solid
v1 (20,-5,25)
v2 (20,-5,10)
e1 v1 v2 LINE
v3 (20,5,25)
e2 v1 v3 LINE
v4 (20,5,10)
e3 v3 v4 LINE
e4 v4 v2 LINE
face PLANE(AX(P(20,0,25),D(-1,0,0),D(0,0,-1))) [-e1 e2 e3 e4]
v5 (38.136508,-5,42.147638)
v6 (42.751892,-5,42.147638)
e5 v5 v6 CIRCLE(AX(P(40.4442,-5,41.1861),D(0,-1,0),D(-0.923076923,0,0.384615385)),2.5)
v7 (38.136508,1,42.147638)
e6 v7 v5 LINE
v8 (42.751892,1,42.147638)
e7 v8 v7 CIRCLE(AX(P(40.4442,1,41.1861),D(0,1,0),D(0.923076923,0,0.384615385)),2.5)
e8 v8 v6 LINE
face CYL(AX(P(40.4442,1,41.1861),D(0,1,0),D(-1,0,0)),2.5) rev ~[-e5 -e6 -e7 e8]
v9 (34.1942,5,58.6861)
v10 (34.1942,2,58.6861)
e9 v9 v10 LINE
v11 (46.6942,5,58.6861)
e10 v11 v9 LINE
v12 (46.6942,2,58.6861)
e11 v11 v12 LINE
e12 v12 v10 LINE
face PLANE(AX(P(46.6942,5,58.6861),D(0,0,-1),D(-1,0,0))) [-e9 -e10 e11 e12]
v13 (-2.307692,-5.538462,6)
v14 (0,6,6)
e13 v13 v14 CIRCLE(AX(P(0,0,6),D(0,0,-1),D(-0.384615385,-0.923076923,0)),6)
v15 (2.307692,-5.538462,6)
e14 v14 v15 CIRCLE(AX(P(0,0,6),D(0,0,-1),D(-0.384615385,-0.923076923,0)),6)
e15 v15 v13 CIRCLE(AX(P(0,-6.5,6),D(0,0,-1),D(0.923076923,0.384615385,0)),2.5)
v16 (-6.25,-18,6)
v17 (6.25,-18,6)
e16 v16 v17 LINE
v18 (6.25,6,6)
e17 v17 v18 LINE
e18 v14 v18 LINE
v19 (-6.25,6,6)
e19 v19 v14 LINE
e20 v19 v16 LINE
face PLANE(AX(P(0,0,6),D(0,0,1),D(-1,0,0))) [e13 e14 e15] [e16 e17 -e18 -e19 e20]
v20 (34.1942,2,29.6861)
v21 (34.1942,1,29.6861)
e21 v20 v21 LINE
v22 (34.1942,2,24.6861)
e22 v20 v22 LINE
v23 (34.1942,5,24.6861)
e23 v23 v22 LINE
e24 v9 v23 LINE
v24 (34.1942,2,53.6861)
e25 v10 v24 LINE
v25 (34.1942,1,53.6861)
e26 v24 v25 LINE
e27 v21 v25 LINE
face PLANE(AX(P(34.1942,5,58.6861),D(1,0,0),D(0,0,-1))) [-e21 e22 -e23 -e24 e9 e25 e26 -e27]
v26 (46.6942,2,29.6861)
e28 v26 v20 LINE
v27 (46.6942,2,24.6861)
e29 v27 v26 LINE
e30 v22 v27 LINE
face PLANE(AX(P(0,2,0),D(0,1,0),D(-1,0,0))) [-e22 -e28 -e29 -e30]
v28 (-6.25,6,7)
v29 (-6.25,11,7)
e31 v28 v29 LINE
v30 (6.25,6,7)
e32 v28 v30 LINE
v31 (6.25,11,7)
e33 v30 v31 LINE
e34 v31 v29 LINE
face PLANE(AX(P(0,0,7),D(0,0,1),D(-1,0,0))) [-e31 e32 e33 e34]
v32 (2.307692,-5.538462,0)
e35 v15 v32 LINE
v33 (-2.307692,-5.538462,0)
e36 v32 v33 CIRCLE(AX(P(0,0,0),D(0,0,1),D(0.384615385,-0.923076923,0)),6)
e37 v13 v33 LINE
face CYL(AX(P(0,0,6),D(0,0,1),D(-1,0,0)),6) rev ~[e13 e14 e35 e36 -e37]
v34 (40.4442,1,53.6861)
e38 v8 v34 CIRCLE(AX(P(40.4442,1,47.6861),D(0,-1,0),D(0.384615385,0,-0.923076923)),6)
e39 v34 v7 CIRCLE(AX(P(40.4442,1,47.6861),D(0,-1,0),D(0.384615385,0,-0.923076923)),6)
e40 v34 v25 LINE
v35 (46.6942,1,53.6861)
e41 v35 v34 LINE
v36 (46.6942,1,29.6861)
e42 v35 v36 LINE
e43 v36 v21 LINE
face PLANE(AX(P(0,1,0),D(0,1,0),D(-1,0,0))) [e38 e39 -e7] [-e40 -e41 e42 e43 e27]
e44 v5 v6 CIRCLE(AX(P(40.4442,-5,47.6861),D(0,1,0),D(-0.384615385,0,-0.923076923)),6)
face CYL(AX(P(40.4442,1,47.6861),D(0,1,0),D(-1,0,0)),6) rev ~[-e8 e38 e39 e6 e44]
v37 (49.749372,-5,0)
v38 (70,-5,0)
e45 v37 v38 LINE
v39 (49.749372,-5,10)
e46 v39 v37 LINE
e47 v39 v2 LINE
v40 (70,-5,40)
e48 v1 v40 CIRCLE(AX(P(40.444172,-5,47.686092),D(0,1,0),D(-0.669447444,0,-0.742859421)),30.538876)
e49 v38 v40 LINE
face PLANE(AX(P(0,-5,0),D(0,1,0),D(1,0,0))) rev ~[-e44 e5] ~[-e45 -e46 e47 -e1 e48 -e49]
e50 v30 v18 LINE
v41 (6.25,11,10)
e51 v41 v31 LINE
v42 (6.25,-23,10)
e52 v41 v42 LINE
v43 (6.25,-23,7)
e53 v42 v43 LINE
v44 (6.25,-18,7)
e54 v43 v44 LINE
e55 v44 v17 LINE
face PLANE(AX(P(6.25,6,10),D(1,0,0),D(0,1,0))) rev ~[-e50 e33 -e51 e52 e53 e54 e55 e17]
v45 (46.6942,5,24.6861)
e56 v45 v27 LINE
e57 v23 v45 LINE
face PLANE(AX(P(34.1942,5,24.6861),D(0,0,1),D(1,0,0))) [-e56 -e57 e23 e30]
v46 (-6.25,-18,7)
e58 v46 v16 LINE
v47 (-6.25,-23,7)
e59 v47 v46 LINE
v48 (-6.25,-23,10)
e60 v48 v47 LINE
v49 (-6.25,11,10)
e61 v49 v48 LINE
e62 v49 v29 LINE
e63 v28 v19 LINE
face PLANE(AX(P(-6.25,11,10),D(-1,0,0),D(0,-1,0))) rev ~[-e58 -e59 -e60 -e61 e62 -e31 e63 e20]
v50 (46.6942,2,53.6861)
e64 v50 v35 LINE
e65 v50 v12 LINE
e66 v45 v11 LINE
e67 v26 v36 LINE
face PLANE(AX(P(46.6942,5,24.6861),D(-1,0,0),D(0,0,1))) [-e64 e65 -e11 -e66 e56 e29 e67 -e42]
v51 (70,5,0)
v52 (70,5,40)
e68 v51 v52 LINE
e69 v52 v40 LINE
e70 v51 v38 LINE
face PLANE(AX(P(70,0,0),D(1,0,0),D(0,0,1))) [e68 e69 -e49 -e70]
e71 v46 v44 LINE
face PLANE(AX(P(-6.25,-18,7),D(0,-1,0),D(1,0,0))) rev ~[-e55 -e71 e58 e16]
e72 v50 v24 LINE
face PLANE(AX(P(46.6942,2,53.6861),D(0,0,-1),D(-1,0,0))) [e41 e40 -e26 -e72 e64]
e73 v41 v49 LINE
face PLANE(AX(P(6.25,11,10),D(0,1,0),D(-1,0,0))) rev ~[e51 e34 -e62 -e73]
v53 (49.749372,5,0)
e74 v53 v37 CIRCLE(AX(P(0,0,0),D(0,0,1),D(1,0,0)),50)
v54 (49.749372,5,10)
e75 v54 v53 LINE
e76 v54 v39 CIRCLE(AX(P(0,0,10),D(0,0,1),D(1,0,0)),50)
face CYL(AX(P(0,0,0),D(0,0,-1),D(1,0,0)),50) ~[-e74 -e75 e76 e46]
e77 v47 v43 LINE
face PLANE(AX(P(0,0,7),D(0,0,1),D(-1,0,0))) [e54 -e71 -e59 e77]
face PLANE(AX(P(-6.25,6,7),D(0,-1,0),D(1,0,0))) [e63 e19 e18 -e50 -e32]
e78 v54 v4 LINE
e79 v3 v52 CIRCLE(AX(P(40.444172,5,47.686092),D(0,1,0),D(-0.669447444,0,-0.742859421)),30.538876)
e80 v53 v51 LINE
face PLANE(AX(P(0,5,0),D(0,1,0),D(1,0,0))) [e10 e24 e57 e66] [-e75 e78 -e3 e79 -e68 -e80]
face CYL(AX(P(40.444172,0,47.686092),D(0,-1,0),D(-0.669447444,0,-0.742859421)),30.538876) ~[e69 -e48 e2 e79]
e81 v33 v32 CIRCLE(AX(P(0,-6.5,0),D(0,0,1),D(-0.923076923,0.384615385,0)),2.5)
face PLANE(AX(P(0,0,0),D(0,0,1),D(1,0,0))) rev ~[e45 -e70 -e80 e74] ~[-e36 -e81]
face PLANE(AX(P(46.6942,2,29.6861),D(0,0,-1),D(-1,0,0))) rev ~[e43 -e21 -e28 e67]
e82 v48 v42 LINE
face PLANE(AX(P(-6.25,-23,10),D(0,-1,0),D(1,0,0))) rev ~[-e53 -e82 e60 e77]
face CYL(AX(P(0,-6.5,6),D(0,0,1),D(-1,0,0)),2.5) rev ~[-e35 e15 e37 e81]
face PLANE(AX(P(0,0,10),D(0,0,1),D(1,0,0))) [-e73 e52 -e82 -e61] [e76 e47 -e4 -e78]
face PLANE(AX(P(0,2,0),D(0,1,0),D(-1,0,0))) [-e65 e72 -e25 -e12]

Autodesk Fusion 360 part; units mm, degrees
sketch "Sketch1" plane through (0, 0, 0) normal (0, 0, 1) x (1, 0, 0)
  circle A0 centre (0, 0) radius 50
  dimension "d1" = 100
extrude "Extrude1" add sketch "Sketch1" along normal blind 10
sketch "Sketch2" plane through (0, 0, 10) normal (0, 0, 1) x (-1, 0, 0)
  circle A0 centre (0, 0) radius 50
  line L0 (-6.25, -11) -> (6.25, -11)
  line L1 (6.25, -11) -> (6.25, 23)
  line L2 (6.25, 23) -> (-6.25, 23)
  line L3 (-6.25, 23) -> (-6.25, -11)
  line L4 (-6.25, -11) -> (6.25, 23) construction
  line L5 (6.25, -11) -> (-6.25, 23) construction
  line L6 (6.25, -6) -> (-6.25, -6)
  line L7 (6.25, 18) -> (-6.25, 18)
  point P0 (0, 6)
  point P1 (0, 6)
  dimension "d4" = 6
  dimension "d5" = 12.5
  dimension "d6" = 34
  dimension "d7" = 5
  dimension "d8" = 5
extrude "Extrude2" cut sketch "Sketch2" against normal blind 3 contours L0 L1 L3 L6 | L1 L3 L6 L7 | L1 L2 L3 L7
sketch "Sketch3" plane through (0, 0, 7) normal (0, 0, 1) x (-1, 0, 0)
  line L0 (-6.25, 23) -> (-6.25, -11)
  line L1 (-6.25, -11) -> (6.25, -11)
  line L2 (6.25, -11) -> (6.25, 23)
  line L3 (6.25, 23) -> (-6.25, 23)
  line L4 (6.25, -6) -> (-6.25, -6)
  line L5 (6.25, 18) -> (-6.25, 18)
  dimension "d11" = 5
  dimension "d12" = 5
extrude "Extrude3" cut sketch "Sketch3" against normal blind 1 contours L0 L2 L4 L5
sketch "Sketch4" plane through (0, 0, 6) normal (0, 0, 1) x (-1, 0, 0)
  line L0 (6.25, -6) -> (6.25, 18)
  line L1 (6.25, 18) -> (-6.25, 18)
  line L2 (-6.25, 18) -> (-6.25, -6)
  line L3 (-6.25, -6) -> (6.25, -6)
  circle A0 centre (0, 0) radius 6
  circle A1 centre (0, 6.5) radius 2.5
  dimension "d15" = 12
  dimension "d16" = 5
  dimension "d17" = 6.5
extrude "Extrude4" cut sketch "Sketch4" against normal blind 6 contours A0 A1 | A0 A1 | A0 A1
sketch "Sketch5" plane through (0, 0, 7) normal (0, 0, 1) x (-1, 0, 0)
  line L0 (-6.25, 18) -> (6.25, 18)
  line L1 (6.25, 18) -> (6.25, 23)
  line L2 (6.25, 23) -> (-6.25, 23)
  line L3 (-6.25, 23) -> (-6.25, 18)
  circle A0 centre (0, 20.5) radius 1.25
  dimension "d20" = 2.5
  dimension "d21" = 2.5
sketch "Sketch6" plane through (0, 0, 7) normal (0, 0, 1) x (-1, 0, 0)
  line L0 (6.25, -6) -> (-6.25, -6)
  line L1 (-6.25, -6) -> (-6.25, -11)
  line L2 (-6.25, -11) -> (6.25, -11)
  line L3 (6.25, -11) -> (6.25, -6)
  circle A0 centre (0, -8.5) radius 1.25
  dimension "d22" = 2.5
  dimension "d23" = 2.5
extrude "Extrude5" cut sketch "Sketch6" along normal through all contours A0
extrude "Extrude6" cut sketch "Sketch5" along normal through all contours A0
thread "Thread1" thread offset 0 thread length 10
thread "Thread2" thread offset 0 thread length 10
sketch "Sketch7" plane through (0, 0, 0) normal (0, 1, 0) x (1, 0, 0)
  line L0 (20, 0) -> (70, 0)
  line L1 (70, 0) -> (70, -40)
  arc A0 (20, -25) -> (70, -40) centre (40.4442, -47.6861) ccw
  line L2 (20, -25) -> (20, 0)
  dimension "d30" = 50
  dimension "d31" = 40
  dimension "d32" = 20
extrude "Extrude7" add sketch "Sketch7" along normal mid plane 10
sketch "Sketch8" plane through (0, 5, 0) normal (0, 1, 0) x (-1, 0, 0)
  line L0 (-49.7494, 10) -> (-20, 10)
  line L1 (-20, 10) -> (-20, 25)
  arc A0 (-20, 25) -> (-70, 40) centre (-40.4442, 47.6861) ccw
  line L2 (-70, 40) -> (-70, 0)
  line L3 (-70, 0) -> (-49.7494, 0)
  line L4 (-49.7494, 0) -> (-49.7494, 10)
  line L5 (-34.1942, 24.6861) -> (-46.6942, 24.6861)
  line L6 (-46.6942, 24.6861) -> (-46.6942, 58.6861)
  line L7 (-46.6942, 58.6861) -> (-34.1942, 58.6861)
  line L8 (-34.1942, 58.6861) -> (-34.1942, 24.6861)
  line L9 (-34.1942, 24.6861) -> (-46.6942, 58.6861) construction
  line L10 (-46.6942, 24.6861) -> (-34.1942, 58.6861) construction
  point P0 (-40.4442, 47.6861)
  point P1 (-40.4442, 41.6861)
  point P2 (-40.4442, 41.6861)
  dimension "d35" = 6
  dimension "d36" = 12.5
  dimension "d37" = 34
extrude "Extrude8" cut sketch "Sketch8" against normal blind 3 contours L5 L6 L7 L8
sketch "Sketch9" plane through (0, 2, 0) normal (0, 1, 0) x (-1, 0, 0)
  line L0 (-34.1942, 58.6861) -> (-46.6942, 58.6861)
  line L1 (-46.6942, 58.6861) -> (-46.6942, 24.6861)
  line L2 (-46.6942, 24.6861) -> (-34.1942, 24.6861)
  line L3 (-34.1942, 24.6861) -> (-34.1942, 58.6861)
  line L4 (-46.6942, 53.6861) -> (-34.1942, 53.6861)
  line L5 (-46.6942, 29.6861) -> (-34.1942, 29.6861)
  dimension "d40" = 5
  dimension "d41" = 5
extrude "Extrude9" cut sketch "Sketch9" against normal blind 1 contours L1 L3 L4 L5
sketch "Sketch10" plane through (0, 1, 0) normal (0, 1, 0) x (-1, 0, 0)
  line L0 (-46.6942, 53.6861) -> (-46.6942, 29.6861)
  line L1 (-46.6942, 29.6861) -> (-34.1942, 29.6861)
  line L2 (-34.1942, 29.6861) -> (-34.1942, 53.6861)
  line L3 (-34.1942, 53.6861) -> (-46.6942, 53.6861)
  circle A0 centre (-40.4442, 47.6861) radius 6
  circle A1 centre (-40.4442, 41.1861) radius 2.5
  dimension "d44" = 12
  dimension "d45" = 5
  dimension "d46" = 6.5
extrude "Extrude10" cut sketch "Sketch10" against normal blind 6 contours A0 A1 | A0 A1 | A0 A1
sketch "Sketch11" plane through (0, 2, 0) normal (0, 1, 0) x (-1, 0, 0)
  line L0 (-34.1942, 29.6861) -> (-46.6942, 29.6861)
  line L1 (-46.6942, 29.6861) -> (-46.6942, 24.6861)
  line L2 (-46.6942, 24.6861) -> (-34.1942, 24.6861)
  line L3 (-34.1942, 24.6861) -> (-34.1942, 29.6861)
  circle A0 centre (-40.4442, 27.1861) radius 1.25
  dimension "d49" = 2.5
  dimension "d50" = 2.5
sketch "Sketch12" plane through (0, 2, 0) normal (0, 1, 0) x (-1, 0, 0)
  line L0 (-46.6942, 53.6861) -> (-34.1942, 53.6861)
  line L1 (-34.1942, 53.6861) -> (-34.1942, 58.6861)
  line L2 (-34.1942, 58.6861) -> (-46.6942, 58.6861)
  line L3 (-46.6942, 58.6861) -> (-46.6942, 53.6861)
  circle A0 centre (-40.4442, 56.1861) radius 1.25
  dimension "d51" = 2.5
  dimension "d52" = 2.5
extrude "Extrude11" cut sketch "Sketch12" along normal through all contours A0
extrude "Extrude12" cut sketch "Sketch11" along normal through all contours A0
thread "Thread3" thread offset 0 thread length 10
sketch "Sketch13" plane through (0, 5, 0) normal (0, 1, 0) x (-1, 0, 0)
  line L0 (-46.6942, 24.6861) -> (-46.6942, 58.6861)
  line L1 (-46.6942, 58.6861) -> (-34.1942, 58.6861)
  line L2 (-34.1942, 58.6861) -> (-34.1942, 24.6861)
  line L3 (-34.1942, 24.6861) -> (-46.6942, 24.6861)
  line L4 (-49.7494, 10) -> (-20, 10)
  line L5 (-20, 10) -> (-20, 25)
  arc A0 (-20, 25) -> (-70, 40) centre (-40.4442, 47.6861) ccw
  line L6 (-70, 40) -> (-70, 0)
  line L7 (-70, 0) -> (-49.7494, 0)
  line L8 (-49.7494, 0) -> (-49.7494, 10)
